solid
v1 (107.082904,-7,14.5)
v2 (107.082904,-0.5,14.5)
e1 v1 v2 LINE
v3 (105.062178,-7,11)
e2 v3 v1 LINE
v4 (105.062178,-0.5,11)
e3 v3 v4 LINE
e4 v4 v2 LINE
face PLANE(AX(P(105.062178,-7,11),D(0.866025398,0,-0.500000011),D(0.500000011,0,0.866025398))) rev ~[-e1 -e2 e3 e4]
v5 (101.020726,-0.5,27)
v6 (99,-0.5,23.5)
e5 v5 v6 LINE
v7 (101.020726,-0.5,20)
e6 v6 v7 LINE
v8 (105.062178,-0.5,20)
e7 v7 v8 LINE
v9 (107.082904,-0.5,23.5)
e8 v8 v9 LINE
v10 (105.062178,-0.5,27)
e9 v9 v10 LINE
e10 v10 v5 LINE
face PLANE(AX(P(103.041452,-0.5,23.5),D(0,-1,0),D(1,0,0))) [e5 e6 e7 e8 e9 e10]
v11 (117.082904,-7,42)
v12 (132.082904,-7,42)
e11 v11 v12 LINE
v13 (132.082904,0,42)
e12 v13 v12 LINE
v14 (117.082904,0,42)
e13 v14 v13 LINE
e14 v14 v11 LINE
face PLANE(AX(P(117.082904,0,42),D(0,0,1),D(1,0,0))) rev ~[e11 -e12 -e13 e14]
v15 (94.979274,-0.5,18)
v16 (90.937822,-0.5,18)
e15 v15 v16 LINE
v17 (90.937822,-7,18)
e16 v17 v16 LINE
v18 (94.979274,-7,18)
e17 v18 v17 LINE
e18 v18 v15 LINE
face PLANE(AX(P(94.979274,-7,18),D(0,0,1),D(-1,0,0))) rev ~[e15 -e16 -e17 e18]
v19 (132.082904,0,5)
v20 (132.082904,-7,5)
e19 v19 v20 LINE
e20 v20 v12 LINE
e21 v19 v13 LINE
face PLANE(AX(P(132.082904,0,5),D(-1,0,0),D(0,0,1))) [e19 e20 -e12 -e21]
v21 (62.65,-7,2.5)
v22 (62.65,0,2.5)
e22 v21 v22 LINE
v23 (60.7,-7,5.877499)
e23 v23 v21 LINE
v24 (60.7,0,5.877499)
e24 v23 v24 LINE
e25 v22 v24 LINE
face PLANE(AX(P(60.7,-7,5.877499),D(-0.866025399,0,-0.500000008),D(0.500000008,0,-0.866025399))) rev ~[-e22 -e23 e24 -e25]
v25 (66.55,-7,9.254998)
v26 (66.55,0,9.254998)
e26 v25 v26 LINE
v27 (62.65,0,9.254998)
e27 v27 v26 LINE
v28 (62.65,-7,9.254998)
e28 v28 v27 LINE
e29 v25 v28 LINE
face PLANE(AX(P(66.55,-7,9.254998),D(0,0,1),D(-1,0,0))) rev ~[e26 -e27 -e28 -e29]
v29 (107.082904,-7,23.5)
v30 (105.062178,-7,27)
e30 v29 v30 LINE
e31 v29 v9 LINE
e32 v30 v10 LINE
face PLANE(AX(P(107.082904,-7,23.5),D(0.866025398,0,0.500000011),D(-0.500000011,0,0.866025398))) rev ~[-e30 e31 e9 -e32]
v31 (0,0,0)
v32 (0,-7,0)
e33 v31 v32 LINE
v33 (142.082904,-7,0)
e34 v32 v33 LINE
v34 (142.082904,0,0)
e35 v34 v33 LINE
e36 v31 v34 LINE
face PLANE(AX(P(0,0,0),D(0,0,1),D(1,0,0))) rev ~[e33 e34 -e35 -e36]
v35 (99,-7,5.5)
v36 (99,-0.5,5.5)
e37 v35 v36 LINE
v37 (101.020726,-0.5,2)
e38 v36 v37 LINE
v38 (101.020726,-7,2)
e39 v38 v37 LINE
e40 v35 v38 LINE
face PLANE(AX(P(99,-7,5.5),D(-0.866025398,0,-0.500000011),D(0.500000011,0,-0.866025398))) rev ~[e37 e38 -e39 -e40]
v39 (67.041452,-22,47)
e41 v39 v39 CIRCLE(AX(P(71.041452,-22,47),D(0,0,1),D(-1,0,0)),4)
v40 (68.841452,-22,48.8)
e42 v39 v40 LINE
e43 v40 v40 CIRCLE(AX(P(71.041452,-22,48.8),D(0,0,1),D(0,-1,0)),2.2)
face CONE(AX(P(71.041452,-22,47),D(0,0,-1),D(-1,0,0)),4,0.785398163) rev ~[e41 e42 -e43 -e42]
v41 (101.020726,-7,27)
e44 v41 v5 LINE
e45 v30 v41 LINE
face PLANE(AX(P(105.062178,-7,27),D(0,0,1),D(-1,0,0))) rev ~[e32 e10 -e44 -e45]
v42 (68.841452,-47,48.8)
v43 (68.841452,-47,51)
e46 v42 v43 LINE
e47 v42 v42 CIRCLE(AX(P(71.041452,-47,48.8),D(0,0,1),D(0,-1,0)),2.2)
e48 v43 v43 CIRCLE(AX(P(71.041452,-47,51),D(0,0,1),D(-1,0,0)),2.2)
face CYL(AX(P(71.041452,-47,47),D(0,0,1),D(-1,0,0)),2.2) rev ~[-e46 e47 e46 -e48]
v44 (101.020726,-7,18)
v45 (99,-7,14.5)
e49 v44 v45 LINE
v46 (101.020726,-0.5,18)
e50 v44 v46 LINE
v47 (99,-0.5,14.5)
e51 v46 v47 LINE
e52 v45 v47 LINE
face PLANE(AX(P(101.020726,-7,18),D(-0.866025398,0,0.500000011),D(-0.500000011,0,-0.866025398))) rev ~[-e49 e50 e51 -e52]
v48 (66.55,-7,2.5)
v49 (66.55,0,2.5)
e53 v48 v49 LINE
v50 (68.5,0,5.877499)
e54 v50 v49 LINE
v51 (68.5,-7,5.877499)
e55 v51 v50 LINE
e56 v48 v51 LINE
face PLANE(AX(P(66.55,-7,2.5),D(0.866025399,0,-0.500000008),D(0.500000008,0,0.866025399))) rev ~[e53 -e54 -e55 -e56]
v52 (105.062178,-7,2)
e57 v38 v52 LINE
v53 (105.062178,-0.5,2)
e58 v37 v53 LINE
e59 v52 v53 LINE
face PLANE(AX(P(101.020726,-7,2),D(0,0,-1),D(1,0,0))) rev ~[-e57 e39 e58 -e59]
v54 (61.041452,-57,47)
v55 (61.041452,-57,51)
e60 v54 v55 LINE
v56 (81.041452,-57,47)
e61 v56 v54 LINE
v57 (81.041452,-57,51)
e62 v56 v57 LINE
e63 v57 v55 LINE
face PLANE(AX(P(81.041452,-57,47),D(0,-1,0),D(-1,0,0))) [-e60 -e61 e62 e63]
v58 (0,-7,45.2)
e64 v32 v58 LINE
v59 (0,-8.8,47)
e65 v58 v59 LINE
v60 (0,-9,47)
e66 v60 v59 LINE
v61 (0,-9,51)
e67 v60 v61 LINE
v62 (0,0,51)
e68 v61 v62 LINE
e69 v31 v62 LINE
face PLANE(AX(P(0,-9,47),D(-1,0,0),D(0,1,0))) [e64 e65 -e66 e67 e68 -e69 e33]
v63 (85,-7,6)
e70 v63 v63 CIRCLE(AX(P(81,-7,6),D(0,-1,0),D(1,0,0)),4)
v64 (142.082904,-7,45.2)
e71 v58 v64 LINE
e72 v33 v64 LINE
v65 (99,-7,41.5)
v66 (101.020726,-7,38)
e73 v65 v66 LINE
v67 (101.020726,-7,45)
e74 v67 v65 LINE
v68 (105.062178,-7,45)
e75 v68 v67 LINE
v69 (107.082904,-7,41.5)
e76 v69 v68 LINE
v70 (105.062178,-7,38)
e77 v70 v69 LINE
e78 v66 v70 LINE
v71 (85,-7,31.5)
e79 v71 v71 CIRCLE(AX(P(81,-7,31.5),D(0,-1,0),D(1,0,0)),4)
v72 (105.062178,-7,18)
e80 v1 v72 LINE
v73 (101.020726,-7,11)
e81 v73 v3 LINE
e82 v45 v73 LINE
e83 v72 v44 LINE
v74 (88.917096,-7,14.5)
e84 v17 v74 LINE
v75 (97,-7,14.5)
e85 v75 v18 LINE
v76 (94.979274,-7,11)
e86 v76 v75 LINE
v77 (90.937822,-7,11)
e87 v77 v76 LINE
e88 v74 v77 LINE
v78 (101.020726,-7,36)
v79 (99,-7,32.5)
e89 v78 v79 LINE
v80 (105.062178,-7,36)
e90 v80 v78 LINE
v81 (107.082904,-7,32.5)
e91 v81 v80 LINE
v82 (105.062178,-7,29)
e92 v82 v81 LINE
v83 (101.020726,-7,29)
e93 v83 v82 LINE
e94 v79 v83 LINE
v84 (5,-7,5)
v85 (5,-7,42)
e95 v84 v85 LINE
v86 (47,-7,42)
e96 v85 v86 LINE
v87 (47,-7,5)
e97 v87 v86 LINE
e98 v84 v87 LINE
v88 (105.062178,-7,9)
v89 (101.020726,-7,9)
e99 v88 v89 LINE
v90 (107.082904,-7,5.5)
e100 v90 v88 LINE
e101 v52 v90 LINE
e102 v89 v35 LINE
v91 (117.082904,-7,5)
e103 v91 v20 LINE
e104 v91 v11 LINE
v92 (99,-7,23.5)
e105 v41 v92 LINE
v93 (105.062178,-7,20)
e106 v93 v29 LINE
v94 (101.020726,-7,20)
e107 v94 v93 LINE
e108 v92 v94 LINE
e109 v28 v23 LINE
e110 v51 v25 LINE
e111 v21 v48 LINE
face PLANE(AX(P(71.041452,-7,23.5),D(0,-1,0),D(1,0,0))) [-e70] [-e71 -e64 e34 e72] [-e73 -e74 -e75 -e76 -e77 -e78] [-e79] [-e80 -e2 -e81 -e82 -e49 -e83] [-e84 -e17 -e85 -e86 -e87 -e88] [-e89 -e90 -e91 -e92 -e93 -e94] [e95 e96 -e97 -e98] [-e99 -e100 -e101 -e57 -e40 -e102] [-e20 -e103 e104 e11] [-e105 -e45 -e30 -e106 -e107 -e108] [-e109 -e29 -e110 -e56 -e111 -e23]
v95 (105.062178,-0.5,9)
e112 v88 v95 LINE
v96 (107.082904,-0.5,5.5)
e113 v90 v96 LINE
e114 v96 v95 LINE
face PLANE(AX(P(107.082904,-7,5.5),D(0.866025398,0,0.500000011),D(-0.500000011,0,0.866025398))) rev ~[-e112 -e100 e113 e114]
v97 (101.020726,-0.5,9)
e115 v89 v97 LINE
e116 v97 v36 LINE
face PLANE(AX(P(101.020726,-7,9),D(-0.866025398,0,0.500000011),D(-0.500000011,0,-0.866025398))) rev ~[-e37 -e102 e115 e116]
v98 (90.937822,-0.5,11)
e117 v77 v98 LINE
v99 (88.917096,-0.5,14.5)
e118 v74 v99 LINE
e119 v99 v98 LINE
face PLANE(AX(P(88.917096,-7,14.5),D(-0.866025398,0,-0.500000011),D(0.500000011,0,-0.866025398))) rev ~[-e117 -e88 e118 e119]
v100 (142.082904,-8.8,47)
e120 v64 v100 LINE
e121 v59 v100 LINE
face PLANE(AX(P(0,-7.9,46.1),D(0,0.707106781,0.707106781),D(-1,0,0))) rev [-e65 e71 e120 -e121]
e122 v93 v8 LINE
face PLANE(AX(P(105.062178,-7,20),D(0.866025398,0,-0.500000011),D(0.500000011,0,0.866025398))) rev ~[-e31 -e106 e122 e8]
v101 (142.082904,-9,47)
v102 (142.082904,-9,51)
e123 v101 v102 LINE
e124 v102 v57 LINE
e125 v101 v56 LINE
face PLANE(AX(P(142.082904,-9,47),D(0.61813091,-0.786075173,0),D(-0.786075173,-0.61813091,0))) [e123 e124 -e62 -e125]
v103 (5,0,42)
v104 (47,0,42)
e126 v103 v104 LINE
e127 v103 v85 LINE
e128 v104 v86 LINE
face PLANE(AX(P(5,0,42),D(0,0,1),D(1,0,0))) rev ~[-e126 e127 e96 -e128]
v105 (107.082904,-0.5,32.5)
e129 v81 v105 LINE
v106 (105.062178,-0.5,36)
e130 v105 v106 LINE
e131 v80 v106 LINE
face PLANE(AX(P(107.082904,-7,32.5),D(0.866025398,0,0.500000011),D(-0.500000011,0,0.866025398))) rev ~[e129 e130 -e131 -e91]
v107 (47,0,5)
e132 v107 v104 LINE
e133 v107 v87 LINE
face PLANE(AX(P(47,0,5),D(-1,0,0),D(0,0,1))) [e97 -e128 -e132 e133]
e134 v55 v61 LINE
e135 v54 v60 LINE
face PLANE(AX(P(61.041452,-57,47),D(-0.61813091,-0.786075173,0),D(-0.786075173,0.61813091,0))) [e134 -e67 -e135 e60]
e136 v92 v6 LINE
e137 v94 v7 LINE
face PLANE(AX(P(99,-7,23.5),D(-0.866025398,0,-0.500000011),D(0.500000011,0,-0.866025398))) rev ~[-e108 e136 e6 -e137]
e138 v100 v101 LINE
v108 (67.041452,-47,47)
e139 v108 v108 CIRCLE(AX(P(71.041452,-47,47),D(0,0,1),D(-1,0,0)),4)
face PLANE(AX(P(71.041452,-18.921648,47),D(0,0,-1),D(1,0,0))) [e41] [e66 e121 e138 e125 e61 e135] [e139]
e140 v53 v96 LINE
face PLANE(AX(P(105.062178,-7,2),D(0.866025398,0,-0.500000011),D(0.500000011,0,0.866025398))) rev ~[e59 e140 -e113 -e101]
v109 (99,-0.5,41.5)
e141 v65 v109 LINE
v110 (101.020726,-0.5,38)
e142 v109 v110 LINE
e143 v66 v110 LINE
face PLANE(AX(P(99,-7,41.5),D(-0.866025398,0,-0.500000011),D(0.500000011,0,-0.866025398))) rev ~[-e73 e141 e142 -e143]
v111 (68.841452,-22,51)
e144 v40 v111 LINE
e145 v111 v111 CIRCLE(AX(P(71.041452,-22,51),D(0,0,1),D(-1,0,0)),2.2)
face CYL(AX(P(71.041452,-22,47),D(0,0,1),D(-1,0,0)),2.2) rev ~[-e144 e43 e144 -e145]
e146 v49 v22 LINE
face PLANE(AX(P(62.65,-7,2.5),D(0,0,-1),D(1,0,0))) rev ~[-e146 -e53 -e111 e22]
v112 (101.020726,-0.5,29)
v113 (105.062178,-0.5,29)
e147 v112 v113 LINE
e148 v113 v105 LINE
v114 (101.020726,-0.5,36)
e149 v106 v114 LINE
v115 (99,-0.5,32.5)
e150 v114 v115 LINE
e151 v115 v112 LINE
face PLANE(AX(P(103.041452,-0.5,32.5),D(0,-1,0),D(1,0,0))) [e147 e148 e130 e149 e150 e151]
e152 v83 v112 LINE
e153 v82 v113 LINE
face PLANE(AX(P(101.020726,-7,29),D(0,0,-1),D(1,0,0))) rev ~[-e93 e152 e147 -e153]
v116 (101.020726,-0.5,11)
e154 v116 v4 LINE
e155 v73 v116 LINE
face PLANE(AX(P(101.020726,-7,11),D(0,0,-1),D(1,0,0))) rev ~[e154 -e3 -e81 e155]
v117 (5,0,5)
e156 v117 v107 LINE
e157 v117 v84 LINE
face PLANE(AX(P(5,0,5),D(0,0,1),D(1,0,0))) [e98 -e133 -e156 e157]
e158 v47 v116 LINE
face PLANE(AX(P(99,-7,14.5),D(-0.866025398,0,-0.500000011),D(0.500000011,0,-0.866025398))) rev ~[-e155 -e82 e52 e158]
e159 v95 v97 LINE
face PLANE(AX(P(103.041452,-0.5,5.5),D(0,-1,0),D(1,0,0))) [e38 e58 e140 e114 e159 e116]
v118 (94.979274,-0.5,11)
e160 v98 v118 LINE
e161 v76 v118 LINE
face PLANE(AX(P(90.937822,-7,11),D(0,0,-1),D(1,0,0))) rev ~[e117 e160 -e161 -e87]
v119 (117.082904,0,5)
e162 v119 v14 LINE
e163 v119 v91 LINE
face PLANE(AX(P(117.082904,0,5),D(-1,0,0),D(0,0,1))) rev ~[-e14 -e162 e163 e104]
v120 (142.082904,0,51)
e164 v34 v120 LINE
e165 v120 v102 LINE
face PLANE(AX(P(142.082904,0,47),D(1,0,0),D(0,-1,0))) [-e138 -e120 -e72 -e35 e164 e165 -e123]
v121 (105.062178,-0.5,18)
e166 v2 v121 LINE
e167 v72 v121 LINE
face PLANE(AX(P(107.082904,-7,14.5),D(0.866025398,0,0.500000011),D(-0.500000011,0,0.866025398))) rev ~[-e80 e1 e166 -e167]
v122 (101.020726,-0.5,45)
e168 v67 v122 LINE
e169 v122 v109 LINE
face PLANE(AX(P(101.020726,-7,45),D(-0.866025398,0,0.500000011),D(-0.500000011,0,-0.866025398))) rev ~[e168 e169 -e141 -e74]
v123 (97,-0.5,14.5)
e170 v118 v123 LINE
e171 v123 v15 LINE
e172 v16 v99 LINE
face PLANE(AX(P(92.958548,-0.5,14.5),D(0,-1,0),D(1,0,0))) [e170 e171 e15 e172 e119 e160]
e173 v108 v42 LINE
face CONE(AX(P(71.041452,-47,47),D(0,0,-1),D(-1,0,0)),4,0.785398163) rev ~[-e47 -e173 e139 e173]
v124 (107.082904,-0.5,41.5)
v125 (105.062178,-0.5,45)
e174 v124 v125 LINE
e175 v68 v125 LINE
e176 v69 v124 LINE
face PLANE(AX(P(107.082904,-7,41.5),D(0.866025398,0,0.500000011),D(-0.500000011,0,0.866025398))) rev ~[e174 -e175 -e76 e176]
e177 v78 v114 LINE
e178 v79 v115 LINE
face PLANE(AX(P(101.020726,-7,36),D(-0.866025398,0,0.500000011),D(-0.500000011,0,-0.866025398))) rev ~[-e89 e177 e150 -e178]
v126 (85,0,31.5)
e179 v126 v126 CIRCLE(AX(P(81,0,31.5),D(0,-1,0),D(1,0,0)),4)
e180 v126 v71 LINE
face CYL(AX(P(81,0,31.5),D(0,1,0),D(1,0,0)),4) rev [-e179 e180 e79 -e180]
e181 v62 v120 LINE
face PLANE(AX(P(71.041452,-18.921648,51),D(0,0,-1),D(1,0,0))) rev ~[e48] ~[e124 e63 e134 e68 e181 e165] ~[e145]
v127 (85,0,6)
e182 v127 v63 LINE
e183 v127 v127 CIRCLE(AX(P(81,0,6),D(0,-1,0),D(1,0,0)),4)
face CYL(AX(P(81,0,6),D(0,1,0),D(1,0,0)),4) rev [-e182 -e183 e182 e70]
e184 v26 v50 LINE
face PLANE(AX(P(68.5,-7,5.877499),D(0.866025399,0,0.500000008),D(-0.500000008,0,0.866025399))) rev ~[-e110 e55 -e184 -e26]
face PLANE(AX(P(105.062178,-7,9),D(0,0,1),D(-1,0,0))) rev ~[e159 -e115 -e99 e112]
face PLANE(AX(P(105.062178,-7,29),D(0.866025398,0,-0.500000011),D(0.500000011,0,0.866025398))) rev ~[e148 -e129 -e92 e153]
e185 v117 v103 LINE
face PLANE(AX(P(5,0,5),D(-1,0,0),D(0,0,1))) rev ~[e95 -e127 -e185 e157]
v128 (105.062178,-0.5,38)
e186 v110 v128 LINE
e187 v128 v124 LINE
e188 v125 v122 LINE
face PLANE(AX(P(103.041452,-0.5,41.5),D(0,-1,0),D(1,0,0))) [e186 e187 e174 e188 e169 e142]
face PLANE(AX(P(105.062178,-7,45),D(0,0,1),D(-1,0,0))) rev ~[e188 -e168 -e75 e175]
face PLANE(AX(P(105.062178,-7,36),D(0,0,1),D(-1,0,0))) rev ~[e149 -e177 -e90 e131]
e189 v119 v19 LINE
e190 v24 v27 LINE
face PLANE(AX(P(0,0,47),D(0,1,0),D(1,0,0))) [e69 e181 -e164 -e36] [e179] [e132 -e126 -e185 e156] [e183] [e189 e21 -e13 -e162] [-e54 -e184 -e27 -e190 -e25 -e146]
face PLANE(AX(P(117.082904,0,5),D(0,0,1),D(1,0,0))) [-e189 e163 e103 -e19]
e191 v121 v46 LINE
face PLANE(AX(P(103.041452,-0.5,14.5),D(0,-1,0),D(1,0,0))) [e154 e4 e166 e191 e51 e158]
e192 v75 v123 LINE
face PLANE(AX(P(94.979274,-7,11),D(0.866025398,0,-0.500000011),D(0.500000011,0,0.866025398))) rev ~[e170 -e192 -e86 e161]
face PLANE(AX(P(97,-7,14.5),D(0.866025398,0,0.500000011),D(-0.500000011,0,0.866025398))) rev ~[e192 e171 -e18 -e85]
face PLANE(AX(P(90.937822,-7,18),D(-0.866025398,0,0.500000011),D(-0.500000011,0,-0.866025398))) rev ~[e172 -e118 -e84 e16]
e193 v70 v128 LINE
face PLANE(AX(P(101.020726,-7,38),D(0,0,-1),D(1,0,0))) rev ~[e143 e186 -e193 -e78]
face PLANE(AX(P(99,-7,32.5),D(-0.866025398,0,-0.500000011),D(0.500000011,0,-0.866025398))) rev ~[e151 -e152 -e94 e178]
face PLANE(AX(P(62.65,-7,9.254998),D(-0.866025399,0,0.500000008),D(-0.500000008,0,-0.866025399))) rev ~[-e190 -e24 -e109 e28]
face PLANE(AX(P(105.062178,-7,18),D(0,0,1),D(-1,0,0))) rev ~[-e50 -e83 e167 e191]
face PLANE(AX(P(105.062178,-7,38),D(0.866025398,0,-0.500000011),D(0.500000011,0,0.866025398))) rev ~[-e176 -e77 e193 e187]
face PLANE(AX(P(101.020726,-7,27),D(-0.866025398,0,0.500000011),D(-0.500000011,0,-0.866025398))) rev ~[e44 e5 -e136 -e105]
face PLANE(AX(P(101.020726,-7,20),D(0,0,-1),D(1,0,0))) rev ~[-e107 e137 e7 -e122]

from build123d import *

# Parameters (mm, degrees)
SKETCH_W            = 142.082904
SKETCH_H            = 47
SKETCH_R            = 4
SKETCH_W_2          = 42
SKETCH_H_2          = 37
SKETCH_W_3          = 15
PAD_DEPTH           = 7
POCKET_DEPTH        = 6.5
LINEARPATTERN_COUNT = 5
LINEARPATTERN_PITCH = 9
POCKET001_DEPTH     = 6.5
PAD001_DEPTH        = 4
CHAMFER_SIZE        = 1.8
HOLE_D              = 4.4
HOLE_DEPTH          = 25
HOLE_CSINK_D        = 8
HOLE_CSINK_ANGLE    = 90
POCKET002_DEPTH     = 7.001


with BuildPart() as part:
    # Sketch → Pad (new body)
    with BuildSketch(Plane.XZ):
        with Locations((71.041452, 23.5)):
            Rectangle(SKETCH_W, SKETCH_H)
        with Locations((81, 31.5)):
            Circle(SKETCH_R, mode=Mode.SUBTRACT)
        with Locations((81, 6)):
            Circle(SKETCH_R, mode=Mode.SUBTRACT)
        with Locations((26, 23.5)):
            Rectangle(SKETCH_W_2, SKETCH_H_2, mode=Mode.SUBTRACT)
        with Locations((124.582904, 23.5)):
            Rectangle(SKETCH_W_3, SKETCH_H_2, mode=Mode.SUBTRACT)
    extrude(amount=PAD_DEPTH)

    # Sketch001 (on Face16 of Pad) → Pocket (cut)
    with BuildSketch(Plane.XZ.offset(7)):
        Polygon((105.062178, 45), (101.020726, 45), (99, 41.5), (101.020726, 38), (105.062178, 38), (107.082904, 41.5), align=None)
    pocket = extrude(amount=-POCKET_DEPTH, mode=Mode.SUBTRACT)

    # LinearPattern: Pocket ×5
    with Locations(*[(0, 0, -i * LINEARPATTERN_PITCH) for i in range(1, LINEARPATTERN_COUNT)]):
        add(pocket, mode=Mode.SUBTRACT)

    # Sketch002 (on Face5 of LinearPattern) → Pocket001 (cut)
    with BuildSketch(Plane.XZ.offset(7)):
        Polygon((94.979274, 11), (97, 14.5), (94.979274, 18), (90.937822, 18), (88.917096, 14.5), (90.937822, 11), align=None)
    extrude(amount=-POCKET001_DEPTH, mode=Mode.SUBTRACT)

    # Sketch003 (on Face1 of Pocket001) → Pad001 (join)
    with BuildSketch(Plane(origin=(0, 0, 47), x_dir=(-1, 0, 0), z_dir=(0, 0, 1))):
        Polygon((-142.082904, 9), (-81.041452, 57), (-61.041452, 57), (0, 9), (0, 0), (-142.082904, 0), align=None)
    extrude(amount=PAD001_DEPTH)

    # Chamfer
    chamfer_edges = [part.edges().sort_by_distance(p)[0] for p in [
        (71.041452, -7, 47),
    ]]
    chamfer(chamfer_edges, length=CHAMFER_SIZE)

    # Hole
    with Locations(Plane(origin=(0, 0, 47), x_dir=(1, 0, 0), z_dir=(0, 0, -1))):
        with Locations((71.041452, 47), (71.041452, 22)):
            CounterSinkHole(HOLE_D / 2, HOLE_CSINK_D / 2, depth=HOLE_DEPTH, counter_sink_angle=HOLE_CSINK_ANGLE)

    # Sketch005 (on Face2 of Hole) → Pocket002 (cut, through all)
    with BuildSketch(Plane.XZ.offset(7)):
        Polygon((66.55, 2.5), (68.5, 5.877499), (66.55, 9.254998), (62.65, 9.254998), (60.7, 5.877499), (62.65, 2.5), align=None)
    extrude(amount=-POCKET002_DEPTH, mode=Mode.SUBTRACT)


solid = part.part
